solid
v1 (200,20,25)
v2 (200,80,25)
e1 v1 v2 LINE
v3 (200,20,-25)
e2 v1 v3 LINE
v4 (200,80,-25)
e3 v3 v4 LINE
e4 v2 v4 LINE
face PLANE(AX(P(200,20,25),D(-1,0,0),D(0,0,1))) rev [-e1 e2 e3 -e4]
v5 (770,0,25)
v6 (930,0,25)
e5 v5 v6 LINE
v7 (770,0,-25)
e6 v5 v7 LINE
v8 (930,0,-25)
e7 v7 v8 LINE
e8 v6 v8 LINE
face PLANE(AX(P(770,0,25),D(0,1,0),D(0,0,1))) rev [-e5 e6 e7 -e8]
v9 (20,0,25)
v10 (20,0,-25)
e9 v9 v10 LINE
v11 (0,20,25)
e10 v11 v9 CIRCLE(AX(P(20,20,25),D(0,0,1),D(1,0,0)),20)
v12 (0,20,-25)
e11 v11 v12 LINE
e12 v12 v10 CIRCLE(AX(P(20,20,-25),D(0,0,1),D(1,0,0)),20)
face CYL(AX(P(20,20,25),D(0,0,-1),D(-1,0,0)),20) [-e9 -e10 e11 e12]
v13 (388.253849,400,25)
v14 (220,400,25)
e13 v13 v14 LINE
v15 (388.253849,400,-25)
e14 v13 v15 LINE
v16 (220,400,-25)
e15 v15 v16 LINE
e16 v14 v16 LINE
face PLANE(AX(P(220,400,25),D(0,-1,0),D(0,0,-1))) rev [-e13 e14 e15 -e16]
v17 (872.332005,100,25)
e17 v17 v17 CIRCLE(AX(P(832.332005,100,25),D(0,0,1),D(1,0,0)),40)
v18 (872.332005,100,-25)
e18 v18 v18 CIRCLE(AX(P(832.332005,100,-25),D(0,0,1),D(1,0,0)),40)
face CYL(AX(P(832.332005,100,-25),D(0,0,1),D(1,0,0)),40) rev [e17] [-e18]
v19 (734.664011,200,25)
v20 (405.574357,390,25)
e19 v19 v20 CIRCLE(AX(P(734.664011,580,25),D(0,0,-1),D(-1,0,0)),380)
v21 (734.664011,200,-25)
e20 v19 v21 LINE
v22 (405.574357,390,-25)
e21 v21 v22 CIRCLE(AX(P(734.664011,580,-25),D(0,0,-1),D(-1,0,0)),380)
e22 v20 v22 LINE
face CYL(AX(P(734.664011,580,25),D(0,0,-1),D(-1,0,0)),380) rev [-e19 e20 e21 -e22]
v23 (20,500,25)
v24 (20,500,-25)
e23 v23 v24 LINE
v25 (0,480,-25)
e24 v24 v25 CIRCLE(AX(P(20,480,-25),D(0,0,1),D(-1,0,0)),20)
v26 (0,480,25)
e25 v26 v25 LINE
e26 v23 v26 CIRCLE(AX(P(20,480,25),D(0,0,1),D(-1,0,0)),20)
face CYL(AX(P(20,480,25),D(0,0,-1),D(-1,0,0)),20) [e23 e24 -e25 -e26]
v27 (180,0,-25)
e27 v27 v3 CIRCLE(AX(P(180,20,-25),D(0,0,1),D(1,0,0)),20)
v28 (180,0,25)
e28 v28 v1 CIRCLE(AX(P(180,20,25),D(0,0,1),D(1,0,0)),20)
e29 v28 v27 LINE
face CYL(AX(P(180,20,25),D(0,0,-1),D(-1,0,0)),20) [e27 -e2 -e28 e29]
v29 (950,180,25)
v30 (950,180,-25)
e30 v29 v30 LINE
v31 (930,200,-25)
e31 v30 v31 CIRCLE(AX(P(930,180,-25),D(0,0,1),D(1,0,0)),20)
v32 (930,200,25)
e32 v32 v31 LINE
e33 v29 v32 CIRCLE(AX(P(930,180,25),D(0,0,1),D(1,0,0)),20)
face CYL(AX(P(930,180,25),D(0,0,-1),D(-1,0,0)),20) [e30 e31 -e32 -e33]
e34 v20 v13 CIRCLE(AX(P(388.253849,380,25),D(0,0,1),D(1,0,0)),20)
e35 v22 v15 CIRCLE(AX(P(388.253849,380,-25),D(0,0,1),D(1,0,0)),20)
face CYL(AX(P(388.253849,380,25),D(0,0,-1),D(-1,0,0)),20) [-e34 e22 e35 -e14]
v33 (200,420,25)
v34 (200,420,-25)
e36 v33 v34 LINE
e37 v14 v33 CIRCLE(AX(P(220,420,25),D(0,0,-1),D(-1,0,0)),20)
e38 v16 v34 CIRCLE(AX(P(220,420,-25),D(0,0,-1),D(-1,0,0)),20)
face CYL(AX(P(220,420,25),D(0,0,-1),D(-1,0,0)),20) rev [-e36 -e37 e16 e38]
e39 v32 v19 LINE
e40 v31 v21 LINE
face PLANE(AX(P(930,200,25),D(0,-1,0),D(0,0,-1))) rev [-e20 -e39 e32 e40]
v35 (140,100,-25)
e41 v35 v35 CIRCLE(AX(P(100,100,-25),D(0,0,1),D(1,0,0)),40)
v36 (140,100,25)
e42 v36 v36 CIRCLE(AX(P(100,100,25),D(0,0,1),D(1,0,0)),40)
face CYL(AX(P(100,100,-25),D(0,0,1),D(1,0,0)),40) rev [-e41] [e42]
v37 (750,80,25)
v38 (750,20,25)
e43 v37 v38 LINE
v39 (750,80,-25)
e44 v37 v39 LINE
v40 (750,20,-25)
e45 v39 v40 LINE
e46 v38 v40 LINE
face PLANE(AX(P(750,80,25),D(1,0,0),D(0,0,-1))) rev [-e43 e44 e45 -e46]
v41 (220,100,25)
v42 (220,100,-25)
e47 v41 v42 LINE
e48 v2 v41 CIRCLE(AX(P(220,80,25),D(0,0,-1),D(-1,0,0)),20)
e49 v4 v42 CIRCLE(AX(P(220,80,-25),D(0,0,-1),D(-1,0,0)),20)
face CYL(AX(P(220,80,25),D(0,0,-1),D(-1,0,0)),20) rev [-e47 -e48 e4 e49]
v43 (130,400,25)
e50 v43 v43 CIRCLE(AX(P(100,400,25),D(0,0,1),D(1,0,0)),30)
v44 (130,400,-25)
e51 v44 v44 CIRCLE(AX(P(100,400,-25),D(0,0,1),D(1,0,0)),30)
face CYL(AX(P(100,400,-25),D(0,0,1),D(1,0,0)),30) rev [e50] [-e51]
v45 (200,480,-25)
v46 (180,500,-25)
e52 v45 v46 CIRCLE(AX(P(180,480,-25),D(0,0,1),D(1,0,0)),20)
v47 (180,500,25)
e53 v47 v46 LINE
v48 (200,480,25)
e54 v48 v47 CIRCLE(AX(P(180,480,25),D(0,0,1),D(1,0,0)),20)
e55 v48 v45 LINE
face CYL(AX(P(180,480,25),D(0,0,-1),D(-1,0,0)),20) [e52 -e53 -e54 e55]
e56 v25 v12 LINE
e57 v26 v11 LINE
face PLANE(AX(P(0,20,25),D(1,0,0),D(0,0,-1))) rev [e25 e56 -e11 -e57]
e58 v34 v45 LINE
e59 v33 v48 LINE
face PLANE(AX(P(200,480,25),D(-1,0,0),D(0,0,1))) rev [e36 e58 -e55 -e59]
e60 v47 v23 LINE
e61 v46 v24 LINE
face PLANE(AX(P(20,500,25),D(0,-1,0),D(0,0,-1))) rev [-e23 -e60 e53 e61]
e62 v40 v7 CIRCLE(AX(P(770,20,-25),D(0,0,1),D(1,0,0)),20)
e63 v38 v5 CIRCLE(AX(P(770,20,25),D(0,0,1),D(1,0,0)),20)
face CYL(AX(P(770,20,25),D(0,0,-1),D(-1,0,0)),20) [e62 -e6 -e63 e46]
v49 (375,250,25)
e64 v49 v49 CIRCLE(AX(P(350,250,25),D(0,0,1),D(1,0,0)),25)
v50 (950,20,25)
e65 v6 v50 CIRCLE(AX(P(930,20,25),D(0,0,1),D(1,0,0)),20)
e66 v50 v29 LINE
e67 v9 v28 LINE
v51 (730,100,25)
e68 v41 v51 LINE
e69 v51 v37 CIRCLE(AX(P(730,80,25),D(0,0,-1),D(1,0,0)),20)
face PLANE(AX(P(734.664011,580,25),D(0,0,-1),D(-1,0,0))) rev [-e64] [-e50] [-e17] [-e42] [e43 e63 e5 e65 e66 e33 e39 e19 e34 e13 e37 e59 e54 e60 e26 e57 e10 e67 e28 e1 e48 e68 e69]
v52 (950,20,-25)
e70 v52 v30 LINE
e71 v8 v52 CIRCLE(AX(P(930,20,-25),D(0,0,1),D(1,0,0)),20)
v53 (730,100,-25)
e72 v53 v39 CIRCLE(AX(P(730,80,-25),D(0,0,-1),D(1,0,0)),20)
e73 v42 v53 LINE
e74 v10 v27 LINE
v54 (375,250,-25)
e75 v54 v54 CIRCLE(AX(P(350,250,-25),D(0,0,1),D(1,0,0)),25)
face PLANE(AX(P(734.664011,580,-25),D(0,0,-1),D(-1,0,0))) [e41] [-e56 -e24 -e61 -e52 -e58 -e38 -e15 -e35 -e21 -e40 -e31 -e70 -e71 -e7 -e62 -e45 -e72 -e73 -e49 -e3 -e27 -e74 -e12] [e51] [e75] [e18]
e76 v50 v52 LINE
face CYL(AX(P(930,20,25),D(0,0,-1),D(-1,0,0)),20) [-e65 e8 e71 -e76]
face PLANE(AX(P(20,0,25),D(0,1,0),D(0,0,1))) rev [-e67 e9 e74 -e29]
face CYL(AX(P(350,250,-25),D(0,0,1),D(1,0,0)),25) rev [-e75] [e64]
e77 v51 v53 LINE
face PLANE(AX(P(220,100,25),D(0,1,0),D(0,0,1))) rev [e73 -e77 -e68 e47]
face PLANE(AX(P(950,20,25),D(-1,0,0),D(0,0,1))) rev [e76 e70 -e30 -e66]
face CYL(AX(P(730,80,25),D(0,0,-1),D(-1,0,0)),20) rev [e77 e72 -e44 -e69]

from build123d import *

# Parameters (mm, degrees)
BOSS_EXTRUDE4_DEPTH = 25
SKETCH8_R           = 30
SKETCH8_R_2         = 40
SKETCH8_R_3         = 25
CUT_EXTRUDE2_DEPTH  = 51


with BuildPart() as part:
    # Sketch6 → Boss-Extrude4 (new body, symmetric)
    with BuildSketch(Plane.XY):
        with BuildLine():
            Line((20, 0), (180, 0))
            ThreePointArc((180, 0), (194.142135624, 5.857864376), (200, 20))
            Line((200, 20), (200, 80))
            ThreePointArc((200, 80), (205.857864376, 94.142135624), (220, 100))
            Line((220, 100), (730, 100))
            ThreePointArc((730, 100), (744.142135624, 94.142135624), (750, 80))
            Line((750, 80), (750, 20))
            ThreePointArc((750, 20), (755.857864376, 5.857864376), (770, 0))
            Line((770, 0), (930, 0))
            ThreePointArc((930, 0), (944.142135624, 5.857864376), (950, 20))
            Line((950, 20), (950, 180))
            ThreePointArc((950, 180), (944.142135624, 194.142135624), (930, 200))
            Line((930, 200), (734.664010614, 200))
            ThreePointArc((734.664010614, 200), (544.664010614, 250.910346562), (405.574357176, 390))
            ThreePointArc((405.574357176, 390), (398.2538491, 397.320508076), (388.2538491, 400))
            Line((388.2538491, 400), (220, 400))
            ThreePointArc((220, 400), (205.857864376, 405.857864376), (200, 420))
            Line((200, 420), (200, 480))
            ThreePointArc((200, 480), (194.142135624, 494.142135624), (180, 500))
            Line((180, 500), (20, 500))
            ThreePointArc((20, 500), (5.857864376, 494.142135624), (0, 480))
            Line((0, 480), (0, 20))
            ThreePointArc((0, 20), (5.857864376, 5.857864376), (20, 0))
        make_face()
    extrude(amount=BOSS_EXTRUDE4_DEPTH, both=True)

    # Sketch8 → Cut-Extrude2 (cut, through all)
    with BuildSketch(Plane.XY.offset(25)):
        with Locations((100, 400)):
            Circle(SKETCH8_R)
        with Locations((100, 100)):
            Circle(SKETCH8_R_2)
        with Locations((350, 250)):
            Circle(SKETCH8_R_3)
        with Locations((832.332005307, 100)):
            Circle(SKETCH8_R_2)
    extrude(amount=-CUT_EXTRUDE2_DEPTH, mode=Mode.SUBTRACT)


solid = part.part
